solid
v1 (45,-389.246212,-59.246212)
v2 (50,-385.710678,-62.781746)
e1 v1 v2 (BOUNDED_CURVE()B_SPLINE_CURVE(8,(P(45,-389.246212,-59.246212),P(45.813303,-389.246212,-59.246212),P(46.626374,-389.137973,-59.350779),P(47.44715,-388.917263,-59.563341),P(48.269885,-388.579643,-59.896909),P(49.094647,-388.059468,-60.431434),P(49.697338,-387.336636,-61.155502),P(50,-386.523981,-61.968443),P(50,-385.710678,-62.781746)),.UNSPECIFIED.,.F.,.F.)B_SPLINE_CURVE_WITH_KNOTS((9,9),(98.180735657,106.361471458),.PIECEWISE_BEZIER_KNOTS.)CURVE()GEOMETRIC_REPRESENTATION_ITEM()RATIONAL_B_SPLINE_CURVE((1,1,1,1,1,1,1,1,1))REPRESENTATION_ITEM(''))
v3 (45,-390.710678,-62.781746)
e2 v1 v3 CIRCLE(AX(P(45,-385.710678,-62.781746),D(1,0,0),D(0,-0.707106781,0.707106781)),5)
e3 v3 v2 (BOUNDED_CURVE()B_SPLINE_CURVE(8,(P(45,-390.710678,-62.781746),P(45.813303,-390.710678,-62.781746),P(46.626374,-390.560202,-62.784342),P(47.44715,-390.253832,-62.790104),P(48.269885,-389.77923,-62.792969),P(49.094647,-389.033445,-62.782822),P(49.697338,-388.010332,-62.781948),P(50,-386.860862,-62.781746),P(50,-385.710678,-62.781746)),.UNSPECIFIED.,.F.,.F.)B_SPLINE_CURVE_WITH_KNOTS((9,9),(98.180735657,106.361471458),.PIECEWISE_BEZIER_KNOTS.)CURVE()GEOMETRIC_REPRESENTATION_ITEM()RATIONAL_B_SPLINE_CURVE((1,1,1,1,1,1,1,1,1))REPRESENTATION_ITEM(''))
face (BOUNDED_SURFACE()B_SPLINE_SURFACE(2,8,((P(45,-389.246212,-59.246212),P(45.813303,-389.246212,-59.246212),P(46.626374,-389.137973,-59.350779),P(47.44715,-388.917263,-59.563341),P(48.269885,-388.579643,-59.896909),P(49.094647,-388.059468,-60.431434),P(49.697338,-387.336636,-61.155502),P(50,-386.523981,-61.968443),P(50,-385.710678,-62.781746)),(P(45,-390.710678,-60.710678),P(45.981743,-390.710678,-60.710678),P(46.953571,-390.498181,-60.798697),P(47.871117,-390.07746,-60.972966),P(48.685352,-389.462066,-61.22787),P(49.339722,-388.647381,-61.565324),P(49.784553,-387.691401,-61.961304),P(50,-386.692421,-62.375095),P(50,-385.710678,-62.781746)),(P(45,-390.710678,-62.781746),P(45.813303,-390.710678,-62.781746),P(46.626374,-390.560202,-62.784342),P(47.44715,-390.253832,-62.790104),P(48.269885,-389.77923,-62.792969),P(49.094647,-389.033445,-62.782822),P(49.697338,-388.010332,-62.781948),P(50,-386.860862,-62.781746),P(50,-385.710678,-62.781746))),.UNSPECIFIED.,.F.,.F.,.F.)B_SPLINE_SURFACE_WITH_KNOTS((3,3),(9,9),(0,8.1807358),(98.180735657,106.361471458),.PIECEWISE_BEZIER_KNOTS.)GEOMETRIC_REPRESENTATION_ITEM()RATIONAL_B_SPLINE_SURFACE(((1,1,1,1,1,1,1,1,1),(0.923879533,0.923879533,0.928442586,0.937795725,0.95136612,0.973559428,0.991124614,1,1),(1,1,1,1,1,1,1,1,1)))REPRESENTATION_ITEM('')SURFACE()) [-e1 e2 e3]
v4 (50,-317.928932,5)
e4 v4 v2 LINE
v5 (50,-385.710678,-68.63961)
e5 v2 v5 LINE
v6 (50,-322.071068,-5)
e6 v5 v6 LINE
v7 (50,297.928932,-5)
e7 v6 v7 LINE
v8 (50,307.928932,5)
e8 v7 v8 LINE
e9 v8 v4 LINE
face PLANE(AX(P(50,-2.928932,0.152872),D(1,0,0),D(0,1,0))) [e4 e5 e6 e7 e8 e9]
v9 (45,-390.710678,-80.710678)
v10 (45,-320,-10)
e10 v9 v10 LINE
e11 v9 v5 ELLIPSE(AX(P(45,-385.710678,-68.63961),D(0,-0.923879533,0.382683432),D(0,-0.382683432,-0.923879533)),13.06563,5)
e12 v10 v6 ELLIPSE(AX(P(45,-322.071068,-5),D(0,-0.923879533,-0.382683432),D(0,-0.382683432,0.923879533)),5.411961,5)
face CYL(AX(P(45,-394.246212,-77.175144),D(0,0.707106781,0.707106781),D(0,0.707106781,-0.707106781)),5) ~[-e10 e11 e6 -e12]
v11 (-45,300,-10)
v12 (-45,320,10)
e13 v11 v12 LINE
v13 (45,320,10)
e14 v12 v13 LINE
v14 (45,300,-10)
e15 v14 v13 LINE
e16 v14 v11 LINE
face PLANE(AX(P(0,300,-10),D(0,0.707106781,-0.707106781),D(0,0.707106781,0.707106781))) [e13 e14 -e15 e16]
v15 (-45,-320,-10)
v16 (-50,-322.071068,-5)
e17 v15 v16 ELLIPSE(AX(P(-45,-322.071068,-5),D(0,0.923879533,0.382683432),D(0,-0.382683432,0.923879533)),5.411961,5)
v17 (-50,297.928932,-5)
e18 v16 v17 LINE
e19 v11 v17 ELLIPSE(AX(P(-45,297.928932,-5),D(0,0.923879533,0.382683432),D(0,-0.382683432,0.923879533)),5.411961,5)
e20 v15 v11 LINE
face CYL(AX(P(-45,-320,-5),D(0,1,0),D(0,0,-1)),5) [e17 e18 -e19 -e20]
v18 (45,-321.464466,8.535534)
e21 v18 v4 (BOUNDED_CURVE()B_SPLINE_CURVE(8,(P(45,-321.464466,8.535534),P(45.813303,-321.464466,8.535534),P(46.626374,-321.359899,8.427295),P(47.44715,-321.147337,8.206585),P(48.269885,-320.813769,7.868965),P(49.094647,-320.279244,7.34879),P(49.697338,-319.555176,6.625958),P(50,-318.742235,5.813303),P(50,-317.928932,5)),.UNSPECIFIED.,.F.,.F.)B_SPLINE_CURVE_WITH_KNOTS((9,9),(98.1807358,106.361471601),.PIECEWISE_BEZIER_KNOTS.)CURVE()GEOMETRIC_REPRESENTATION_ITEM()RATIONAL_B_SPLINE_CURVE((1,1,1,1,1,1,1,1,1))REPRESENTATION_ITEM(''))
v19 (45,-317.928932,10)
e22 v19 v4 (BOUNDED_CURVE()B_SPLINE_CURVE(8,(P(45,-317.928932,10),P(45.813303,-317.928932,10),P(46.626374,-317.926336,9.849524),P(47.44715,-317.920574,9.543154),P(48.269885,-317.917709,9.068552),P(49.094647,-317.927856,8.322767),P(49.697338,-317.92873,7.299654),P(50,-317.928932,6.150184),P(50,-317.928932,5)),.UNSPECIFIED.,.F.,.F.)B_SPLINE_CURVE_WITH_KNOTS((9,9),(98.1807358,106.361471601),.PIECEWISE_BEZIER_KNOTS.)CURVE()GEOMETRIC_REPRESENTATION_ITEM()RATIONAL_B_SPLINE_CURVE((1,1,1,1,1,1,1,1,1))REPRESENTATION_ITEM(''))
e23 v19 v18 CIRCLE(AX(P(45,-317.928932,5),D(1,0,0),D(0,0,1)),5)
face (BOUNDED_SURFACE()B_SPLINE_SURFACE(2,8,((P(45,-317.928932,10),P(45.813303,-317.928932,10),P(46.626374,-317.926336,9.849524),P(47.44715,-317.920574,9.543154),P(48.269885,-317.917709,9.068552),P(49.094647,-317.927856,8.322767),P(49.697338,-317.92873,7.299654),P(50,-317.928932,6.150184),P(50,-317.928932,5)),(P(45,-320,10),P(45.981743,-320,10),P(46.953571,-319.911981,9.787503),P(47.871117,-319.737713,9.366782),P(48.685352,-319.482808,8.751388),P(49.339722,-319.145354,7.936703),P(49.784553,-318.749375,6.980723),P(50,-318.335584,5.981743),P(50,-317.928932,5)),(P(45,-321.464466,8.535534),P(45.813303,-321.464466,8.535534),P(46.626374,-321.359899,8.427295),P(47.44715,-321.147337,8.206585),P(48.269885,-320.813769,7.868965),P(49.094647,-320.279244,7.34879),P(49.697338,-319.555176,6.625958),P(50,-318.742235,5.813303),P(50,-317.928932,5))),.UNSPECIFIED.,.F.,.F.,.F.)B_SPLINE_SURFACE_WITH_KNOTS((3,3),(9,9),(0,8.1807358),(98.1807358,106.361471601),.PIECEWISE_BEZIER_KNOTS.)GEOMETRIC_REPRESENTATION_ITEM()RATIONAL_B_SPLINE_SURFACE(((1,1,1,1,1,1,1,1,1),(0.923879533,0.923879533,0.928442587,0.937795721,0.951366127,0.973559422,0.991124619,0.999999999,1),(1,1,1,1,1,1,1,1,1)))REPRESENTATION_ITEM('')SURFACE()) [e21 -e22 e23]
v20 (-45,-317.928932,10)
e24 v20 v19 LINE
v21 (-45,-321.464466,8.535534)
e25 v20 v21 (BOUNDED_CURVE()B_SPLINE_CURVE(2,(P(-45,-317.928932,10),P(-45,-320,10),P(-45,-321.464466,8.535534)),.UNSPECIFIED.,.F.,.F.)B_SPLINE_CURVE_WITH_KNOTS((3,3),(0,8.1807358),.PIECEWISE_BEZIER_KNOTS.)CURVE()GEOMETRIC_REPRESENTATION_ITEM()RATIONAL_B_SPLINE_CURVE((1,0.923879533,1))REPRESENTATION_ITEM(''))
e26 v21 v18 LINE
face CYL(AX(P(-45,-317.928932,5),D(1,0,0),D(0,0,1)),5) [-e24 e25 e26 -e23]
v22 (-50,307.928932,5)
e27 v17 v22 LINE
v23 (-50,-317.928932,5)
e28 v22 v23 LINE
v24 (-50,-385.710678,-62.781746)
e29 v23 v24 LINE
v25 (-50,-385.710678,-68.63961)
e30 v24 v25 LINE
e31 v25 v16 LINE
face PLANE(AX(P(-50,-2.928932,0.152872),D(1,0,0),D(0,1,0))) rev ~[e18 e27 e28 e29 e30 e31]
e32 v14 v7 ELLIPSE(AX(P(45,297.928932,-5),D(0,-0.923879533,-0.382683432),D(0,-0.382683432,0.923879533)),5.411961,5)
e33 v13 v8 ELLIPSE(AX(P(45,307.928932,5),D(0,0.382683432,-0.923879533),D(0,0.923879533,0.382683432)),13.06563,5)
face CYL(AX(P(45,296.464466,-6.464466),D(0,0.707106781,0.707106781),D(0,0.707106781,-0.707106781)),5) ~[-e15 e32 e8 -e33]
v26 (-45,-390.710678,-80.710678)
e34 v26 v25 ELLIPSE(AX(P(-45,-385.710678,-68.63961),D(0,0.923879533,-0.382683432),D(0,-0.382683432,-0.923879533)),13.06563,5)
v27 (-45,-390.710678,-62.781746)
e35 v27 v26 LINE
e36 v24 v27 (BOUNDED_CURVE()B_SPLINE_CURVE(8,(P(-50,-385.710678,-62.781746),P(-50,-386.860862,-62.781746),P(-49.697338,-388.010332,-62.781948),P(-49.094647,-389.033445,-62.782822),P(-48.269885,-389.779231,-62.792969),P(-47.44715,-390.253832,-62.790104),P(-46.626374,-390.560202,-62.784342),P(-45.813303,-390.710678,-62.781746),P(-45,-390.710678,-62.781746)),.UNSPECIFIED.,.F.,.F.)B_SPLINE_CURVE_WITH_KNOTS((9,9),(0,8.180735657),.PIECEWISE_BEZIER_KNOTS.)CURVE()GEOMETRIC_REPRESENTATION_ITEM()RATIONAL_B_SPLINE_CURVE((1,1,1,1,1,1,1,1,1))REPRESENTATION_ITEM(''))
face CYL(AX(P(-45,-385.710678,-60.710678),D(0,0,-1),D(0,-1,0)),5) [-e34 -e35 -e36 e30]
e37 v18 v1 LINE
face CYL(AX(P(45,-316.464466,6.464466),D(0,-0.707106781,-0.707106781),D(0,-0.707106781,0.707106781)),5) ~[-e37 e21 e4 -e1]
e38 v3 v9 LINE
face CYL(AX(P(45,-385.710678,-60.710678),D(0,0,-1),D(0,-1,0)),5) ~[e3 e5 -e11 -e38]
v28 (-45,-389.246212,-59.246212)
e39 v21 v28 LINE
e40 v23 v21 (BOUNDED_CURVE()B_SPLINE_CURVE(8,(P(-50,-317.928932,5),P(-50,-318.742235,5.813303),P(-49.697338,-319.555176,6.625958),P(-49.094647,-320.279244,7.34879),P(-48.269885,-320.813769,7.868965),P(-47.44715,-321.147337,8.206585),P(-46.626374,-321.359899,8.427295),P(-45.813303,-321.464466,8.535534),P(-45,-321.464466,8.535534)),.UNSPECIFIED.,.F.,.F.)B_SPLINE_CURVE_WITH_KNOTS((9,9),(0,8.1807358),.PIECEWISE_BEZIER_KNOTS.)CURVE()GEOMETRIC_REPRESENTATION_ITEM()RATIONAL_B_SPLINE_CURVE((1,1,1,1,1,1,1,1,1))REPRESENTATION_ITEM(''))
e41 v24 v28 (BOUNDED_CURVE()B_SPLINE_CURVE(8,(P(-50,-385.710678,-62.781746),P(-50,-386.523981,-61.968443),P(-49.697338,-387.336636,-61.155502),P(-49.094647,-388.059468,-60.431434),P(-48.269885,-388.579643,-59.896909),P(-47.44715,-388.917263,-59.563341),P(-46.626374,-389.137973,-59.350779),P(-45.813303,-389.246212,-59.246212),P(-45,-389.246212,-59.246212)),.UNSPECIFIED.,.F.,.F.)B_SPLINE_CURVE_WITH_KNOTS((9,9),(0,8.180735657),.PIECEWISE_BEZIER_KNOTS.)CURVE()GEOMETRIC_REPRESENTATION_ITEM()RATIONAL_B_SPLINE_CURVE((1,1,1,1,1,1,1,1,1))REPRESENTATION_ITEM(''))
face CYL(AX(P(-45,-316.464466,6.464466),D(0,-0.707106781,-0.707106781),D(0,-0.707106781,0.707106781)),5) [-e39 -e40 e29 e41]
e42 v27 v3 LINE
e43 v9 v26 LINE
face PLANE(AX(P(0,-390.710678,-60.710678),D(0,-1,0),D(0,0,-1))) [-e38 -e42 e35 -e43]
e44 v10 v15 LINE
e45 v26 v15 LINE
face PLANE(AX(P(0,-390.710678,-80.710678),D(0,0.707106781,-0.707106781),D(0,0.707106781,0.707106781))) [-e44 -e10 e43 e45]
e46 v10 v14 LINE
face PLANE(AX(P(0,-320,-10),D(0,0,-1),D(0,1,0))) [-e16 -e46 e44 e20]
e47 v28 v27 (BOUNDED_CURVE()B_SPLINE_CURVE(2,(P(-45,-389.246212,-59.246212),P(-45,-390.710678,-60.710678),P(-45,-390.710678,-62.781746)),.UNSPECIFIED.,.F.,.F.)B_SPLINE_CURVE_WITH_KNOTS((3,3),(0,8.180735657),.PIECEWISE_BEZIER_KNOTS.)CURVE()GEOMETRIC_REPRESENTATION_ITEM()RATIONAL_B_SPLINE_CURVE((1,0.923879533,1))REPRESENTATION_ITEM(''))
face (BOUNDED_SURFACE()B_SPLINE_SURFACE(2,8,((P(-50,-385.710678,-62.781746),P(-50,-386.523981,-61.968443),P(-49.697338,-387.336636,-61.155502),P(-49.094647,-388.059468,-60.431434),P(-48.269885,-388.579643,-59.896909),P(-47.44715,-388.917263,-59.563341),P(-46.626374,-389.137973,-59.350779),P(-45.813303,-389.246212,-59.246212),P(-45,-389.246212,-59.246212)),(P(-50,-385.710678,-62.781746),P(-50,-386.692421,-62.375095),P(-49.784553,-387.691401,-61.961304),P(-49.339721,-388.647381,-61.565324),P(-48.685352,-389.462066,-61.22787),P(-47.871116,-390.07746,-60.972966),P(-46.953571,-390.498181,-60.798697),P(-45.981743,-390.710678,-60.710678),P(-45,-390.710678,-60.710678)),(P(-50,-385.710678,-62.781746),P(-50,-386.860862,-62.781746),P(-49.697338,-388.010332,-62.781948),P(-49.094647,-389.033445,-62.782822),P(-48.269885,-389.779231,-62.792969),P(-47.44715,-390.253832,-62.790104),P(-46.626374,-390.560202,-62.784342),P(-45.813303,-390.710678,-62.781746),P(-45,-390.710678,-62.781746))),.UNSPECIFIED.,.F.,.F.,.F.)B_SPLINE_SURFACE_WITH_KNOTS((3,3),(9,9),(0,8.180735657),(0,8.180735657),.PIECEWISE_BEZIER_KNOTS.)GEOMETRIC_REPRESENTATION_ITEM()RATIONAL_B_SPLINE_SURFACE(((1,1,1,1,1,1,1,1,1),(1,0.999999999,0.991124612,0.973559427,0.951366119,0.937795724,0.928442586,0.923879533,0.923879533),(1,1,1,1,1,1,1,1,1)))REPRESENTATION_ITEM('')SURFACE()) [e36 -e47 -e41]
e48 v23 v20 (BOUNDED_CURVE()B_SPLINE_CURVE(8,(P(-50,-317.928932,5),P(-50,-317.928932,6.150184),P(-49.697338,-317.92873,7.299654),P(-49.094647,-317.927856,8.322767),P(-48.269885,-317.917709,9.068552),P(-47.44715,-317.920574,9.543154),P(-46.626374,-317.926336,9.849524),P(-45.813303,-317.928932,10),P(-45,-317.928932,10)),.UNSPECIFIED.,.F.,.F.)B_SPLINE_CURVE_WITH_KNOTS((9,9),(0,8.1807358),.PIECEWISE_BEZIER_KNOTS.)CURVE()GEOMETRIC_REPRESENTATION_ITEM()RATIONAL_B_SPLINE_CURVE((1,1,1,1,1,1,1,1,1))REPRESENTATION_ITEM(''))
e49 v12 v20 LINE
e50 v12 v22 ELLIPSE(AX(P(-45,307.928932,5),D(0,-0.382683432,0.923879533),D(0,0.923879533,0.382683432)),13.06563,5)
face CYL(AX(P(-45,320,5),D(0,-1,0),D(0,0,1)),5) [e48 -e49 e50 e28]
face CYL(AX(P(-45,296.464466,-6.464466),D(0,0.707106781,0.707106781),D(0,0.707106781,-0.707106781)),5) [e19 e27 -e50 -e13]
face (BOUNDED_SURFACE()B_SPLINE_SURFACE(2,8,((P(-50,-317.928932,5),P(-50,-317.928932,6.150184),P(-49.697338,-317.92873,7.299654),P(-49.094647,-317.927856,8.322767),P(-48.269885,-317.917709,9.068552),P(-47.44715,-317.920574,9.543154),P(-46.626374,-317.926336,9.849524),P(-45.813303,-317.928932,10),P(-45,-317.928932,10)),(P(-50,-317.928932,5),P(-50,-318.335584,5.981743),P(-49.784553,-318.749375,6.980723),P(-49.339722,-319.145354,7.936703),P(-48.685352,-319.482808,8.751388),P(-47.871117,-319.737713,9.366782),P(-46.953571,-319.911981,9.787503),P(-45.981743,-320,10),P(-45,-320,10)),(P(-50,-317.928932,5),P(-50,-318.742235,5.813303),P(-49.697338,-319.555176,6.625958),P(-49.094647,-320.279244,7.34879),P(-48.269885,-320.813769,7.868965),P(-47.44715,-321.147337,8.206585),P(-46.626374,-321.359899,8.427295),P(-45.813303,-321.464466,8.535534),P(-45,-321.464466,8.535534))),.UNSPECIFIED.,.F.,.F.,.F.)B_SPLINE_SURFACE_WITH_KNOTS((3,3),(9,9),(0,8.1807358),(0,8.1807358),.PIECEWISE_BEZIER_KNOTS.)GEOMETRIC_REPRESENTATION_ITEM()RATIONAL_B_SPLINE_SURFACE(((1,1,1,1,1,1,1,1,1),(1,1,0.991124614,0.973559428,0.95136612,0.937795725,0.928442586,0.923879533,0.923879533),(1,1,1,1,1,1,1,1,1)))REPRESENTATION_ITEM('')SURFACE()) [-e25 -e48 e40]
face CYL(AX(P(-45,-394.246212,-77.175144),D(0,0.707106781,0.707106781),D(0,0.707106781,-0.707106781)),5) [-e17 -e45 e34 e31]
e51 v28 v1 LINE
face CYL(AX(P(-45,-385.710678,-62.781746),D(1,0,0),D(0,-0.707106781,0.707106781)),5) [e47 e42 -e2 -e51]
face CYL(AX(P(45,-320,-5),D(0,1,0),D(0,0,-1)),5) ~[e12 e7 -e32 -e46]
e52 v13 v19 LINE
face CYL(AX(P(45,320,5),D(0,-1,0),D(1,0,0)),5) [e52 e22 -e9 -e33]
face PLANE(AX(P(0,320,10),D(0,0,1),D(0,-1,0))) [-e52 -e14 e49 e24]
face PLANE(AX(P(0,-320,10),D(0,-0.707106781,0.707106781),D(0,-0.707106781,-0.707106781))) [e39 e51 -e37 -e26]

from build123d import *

# Parameters (mm, degrees)
F1_DEPTH = 50
F2_R     = 5
F3_R     = 5


with BuildPart() as f1:
    # F0 (on Right) → F1 (new body, symmetric)
    with BuildSketch(Plane.YZ):
        Polygon((300, -10), (320, 10), (-320, 10), (-320, -10), align=None)
        Polygon((-320, -10), (-320, 10), (-390.7106781187, -60.7106781187), (-390.7106781187, -80.7106781187), align=None)
    extrude(amount=F1_DEPTH, both=True)

    # F2
    f2_edges = [f1.edges().sort_by_distance(p)[0] for p in [
        (50, 310, 0),
        (50, 0, 10),
        (50, -355.355339, -25.355339),
        (50, -390.710678, -70.710678),
        (50, -355.355339, -45.355339),
        (50, -10, -10),
        (-50, 310, 0),
        (-50, 0, 10),
        (-50, -355.355339, -25.355339),
        (-50, -390.710678, -70.710678),
        (-50, -355.355339, -45.355339),
        (-50, -10, -10),
    ]]
    fillet(f2_edges, radius=F2_R)

    # F3
    f3_edges = [f1.edges().sort_by_distance(p)[0] for p in [
        (0, -320, 10),
        (0, -390.710678, -60.710678),
    ]]
    fillet(f3_edges, radius=F3_R)


solid = f1.part
